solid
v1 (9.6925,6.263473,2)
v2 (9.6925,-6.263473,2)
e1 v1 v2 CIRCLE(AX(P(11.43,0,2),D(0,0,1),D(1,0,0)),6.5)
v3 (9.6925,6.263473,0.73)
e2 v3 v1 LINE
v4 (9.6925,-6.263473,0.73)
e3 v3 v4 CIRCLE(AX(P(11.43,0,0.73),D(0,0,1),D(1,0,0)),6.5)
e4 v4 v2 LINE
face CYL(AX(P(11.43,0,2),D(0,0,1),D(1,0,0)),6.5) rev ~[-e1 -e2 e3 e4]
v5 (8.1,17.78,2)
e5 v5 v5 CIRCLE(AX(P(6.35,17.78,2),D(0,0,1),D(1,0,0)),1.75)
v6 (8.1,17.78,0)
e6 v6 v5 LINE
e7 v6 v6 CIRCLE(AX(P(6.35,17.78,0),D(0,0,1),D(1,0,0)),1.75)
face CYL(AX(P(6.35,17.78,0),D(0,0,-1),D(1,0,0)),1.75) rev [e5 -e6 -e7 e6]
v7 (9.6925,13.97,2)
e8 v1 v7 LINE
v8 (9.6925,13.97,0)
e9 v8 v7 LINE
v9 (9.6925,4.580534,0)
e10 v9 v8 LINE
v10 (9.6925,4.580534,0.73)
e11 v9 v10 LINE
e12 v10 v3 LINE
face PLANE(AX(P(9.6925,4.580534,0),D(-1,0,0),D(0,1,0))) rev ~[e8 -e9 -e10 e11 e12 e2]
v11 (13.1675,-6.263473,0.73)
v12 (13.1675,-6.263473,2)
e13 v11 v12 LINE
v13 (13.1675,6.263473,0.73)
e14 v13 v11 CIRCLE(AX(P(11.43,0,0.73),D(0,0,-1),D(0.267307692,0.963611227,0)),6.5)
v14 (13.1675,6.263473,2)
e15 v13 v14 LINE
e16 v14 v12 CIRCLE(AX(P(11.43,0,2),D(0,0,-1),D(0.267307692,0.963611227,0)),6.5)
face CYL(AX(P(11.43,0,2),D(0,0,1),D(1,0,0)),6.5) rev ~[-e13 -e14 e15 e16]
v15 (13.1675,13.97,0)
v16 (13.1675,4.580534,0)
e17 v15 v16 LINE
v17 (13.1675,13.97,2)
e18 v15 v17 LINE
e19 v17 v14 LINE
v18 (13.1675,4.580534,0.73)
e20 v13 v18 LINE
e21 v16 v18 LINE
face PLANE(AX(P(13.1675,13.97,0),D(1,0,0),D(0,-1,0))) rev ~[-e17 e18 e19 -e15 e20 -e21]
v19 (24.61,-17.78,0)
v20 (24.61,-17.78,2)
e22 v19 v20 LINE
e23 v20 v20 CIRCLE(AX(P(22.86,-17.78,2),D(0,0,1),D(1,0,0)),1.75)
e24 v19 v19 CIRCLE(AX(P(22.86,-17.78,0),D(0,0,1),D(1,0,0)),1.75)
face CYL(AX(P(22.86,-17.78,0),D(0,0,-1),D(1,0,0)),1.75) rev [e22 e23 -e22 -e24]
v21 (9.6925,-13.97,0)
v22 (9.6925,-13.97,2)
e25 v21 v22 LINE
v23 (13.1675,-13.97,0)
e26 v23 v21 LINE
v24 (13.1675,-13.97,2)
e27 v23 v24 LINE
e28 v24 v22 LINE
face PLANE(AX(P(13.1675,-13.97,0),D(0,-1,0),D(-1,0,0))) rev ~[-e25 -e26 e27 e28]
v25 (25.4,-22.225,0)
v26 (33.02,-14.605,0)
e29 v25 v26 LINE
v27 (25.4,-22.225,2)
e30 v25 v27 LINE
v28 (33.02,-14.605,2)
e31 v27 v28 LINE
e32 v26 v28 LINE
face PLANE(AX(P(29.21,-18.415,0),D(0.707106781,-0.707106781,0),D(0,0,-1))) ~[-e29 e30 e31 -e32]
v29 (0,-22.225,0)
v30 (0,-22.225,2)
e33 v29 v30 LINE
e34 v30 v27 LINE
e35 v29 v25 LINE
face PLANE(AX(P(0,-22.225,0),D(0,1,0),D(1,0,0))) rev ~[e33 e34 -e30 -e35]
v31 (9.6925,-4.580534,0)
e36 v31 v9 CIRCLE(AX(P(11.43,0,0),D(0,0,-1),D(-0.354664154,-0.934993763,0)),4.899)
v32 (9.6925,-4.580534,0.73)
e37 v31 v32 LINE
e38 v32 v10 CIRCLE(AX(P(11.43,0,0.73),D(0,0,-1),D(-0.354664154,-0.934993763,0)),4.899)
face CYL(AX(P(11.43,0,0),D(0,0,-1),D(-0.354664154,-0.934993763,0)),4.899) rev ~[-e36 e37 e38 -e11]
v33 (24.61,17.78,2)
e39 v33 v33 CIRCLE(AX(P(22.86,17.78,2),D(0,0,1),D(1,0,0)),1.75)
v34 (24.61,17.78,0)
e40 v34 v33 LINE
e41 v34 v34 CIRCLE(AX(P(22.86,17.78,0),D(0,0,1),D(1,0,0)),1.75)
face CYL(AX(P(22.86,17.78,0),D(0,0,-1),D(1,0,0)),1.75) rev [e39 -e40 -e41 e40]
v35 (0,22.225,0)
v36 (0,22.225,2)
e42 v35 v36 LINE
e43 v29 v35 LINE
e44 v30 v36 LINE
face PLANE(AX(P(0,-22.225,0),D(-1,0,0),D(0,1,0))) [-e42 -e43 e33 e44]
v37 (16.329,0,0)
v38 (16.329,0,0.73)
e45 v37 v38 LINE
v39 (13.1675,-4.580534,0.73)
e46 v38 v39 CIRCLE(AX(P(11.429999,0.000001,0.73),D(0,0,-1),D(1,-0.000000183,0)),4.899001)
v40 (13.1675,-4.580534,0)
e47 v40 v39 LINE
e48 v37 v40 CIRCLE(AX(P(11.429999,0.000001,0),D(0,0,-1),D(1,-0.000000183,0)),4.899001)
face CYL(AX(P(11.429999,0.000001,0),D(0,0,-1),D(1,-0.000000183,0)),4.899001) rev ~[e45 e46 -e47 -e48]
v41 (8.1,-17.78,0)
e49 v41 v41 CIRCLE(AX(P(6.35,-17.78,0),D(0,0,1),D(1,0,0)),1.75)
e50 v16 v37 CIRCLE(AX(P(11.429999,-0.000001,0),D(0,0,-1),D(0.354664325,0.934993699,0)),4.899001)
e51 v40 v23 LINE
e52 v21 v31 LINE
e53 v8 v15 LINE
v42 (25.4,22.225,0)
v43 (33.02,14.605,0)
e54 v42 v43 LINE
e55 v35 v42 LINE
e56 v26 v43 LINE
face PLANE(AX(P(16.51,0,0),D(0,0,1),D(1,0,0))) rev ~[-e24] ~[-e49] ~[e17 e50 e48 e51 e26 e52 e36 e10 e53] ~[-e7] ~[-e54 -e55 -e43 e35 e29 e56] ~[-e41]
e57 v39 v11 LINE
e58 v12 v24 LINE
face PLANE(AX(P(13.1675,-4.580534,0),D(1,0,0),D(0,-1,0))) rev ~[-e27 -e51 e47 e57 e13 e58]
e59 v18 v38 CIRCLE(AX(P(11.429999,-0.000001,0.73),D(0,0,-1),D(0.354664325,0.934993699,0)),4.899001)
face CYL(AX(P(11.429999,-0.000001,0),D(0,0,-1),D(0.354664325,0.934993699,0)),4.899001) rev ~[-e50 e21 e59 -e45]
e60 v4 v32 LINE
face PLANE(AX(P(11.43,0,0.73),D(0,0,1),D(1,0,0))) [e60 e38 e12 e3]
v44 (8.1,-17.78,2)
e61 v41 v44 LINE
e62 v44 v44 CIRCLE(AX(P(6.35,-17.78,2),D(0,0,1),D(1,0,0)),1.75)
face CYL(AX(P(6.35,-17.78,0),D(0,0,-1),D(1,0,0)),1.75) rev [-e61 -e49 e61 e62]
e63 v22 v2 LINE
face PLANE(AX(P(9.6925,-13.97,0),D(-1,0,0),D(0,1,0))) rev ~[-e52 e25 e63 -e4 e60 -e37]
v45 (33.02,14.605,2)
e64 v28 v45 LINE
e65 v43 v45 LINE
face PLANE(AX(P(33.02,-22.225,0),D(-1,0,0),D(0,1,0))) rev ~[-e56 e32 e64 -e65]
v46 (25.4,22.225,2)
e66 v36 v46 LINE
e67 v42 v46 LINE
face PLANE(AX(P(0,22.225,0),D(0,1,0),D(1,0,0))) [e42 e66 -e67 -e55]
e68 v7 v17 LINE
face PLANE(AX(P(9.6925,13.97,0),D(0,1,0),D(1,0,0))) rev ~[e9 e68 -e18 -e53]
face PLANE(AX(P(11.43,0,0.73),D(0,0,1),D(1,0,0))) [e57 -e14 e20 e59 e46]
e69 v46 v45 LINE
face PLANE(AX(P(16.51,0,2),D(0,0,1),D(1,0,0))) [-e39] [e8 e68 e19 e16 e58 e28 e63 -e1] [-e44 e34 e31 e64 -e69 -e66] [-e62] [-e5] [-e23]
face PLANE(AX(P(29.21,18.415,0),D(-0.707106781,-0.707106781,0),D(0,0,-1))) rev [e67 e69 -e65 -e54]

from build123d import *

# Parameters (mm, degrees)
F0_W     = 33.02
F0_H     = 44.45
F0_R     = 1.75
F1_DEPTH = 2
F2_SIZE  = 7.62
F3_R     = 6.5
F4_DEPTH = 1.27


with BuildPart() as f1:
    # F0 (on Top) → F1 (new body)
    with BuildSketch(Plane.XY):
        with Locations((16.51, 0)):
            Rectangle(F0_W, F0_H)
        with Locations((6.35, -17.78)):
            Circle(F0_R, mode=Mode.SUBTRACT)
        with Locations((22.86, -17.78)):
            Circle(F0_R, mode=Mode.SUBTRACT)
        with BuildLine():
            ThreePointArc((13.1675, 4.580534), (15.461886, 2.782821), (16.329, 0))
            ThreePointArc((16.329, 0), (15.461886, -2.782821), (13.1675, -4.580534))
            Line((13.1675, -4.580534), (13.1675, -13.97))
            Line((13.1675, -13.97), (11.43, -13.97))
            Line((11.43, -13.97), (9.6925, -13.97))
            Line((9.6925, -13.97), (9.6925, -4.580534))
            ThreePointArc((9.6925, -4.580534), (6.531, 0), (9.6925, 4.580534))
            Line((9.6925, 4.580534), (9.6925, 13.97))
            Line((9.6925, 13.97), (11.43, 13.97))
            Line((11.43, 13.97), (13.1675, 13.97))
            Line((13.1675, 13.97), (13.1675, 4.580534))
        make_face(mode=Mode.SUBTRACT)
        with Locations((6.35, 17.78)):
            Circle(F0_R, mode=Mode.SUBTRACT)
        with Locations((22.86, 17.78)):
            Circle(F0_R, mode=Mode.SUBTRACT)
    extrude(amount=F1_DEPTH)

    # F2
    f2_edges = [f1.edges().sort_by_distance(p)[0] for p in [
        (33.02, -22.225, 1),
        (33.02, 22.225, 1),
    ]]
    chamfer(f2_edges, length=F2_SIZE)

    # F3 (on face) → F4 (cut)
    with BuildSketch(Plane.XY.offset(2)):
        with Locations((11.43, 0)):
            Circle(F3_R)
    extrude(amount=-F4_DEPTH, mode=Mode.SUBTRACT)


solid = f1.part
